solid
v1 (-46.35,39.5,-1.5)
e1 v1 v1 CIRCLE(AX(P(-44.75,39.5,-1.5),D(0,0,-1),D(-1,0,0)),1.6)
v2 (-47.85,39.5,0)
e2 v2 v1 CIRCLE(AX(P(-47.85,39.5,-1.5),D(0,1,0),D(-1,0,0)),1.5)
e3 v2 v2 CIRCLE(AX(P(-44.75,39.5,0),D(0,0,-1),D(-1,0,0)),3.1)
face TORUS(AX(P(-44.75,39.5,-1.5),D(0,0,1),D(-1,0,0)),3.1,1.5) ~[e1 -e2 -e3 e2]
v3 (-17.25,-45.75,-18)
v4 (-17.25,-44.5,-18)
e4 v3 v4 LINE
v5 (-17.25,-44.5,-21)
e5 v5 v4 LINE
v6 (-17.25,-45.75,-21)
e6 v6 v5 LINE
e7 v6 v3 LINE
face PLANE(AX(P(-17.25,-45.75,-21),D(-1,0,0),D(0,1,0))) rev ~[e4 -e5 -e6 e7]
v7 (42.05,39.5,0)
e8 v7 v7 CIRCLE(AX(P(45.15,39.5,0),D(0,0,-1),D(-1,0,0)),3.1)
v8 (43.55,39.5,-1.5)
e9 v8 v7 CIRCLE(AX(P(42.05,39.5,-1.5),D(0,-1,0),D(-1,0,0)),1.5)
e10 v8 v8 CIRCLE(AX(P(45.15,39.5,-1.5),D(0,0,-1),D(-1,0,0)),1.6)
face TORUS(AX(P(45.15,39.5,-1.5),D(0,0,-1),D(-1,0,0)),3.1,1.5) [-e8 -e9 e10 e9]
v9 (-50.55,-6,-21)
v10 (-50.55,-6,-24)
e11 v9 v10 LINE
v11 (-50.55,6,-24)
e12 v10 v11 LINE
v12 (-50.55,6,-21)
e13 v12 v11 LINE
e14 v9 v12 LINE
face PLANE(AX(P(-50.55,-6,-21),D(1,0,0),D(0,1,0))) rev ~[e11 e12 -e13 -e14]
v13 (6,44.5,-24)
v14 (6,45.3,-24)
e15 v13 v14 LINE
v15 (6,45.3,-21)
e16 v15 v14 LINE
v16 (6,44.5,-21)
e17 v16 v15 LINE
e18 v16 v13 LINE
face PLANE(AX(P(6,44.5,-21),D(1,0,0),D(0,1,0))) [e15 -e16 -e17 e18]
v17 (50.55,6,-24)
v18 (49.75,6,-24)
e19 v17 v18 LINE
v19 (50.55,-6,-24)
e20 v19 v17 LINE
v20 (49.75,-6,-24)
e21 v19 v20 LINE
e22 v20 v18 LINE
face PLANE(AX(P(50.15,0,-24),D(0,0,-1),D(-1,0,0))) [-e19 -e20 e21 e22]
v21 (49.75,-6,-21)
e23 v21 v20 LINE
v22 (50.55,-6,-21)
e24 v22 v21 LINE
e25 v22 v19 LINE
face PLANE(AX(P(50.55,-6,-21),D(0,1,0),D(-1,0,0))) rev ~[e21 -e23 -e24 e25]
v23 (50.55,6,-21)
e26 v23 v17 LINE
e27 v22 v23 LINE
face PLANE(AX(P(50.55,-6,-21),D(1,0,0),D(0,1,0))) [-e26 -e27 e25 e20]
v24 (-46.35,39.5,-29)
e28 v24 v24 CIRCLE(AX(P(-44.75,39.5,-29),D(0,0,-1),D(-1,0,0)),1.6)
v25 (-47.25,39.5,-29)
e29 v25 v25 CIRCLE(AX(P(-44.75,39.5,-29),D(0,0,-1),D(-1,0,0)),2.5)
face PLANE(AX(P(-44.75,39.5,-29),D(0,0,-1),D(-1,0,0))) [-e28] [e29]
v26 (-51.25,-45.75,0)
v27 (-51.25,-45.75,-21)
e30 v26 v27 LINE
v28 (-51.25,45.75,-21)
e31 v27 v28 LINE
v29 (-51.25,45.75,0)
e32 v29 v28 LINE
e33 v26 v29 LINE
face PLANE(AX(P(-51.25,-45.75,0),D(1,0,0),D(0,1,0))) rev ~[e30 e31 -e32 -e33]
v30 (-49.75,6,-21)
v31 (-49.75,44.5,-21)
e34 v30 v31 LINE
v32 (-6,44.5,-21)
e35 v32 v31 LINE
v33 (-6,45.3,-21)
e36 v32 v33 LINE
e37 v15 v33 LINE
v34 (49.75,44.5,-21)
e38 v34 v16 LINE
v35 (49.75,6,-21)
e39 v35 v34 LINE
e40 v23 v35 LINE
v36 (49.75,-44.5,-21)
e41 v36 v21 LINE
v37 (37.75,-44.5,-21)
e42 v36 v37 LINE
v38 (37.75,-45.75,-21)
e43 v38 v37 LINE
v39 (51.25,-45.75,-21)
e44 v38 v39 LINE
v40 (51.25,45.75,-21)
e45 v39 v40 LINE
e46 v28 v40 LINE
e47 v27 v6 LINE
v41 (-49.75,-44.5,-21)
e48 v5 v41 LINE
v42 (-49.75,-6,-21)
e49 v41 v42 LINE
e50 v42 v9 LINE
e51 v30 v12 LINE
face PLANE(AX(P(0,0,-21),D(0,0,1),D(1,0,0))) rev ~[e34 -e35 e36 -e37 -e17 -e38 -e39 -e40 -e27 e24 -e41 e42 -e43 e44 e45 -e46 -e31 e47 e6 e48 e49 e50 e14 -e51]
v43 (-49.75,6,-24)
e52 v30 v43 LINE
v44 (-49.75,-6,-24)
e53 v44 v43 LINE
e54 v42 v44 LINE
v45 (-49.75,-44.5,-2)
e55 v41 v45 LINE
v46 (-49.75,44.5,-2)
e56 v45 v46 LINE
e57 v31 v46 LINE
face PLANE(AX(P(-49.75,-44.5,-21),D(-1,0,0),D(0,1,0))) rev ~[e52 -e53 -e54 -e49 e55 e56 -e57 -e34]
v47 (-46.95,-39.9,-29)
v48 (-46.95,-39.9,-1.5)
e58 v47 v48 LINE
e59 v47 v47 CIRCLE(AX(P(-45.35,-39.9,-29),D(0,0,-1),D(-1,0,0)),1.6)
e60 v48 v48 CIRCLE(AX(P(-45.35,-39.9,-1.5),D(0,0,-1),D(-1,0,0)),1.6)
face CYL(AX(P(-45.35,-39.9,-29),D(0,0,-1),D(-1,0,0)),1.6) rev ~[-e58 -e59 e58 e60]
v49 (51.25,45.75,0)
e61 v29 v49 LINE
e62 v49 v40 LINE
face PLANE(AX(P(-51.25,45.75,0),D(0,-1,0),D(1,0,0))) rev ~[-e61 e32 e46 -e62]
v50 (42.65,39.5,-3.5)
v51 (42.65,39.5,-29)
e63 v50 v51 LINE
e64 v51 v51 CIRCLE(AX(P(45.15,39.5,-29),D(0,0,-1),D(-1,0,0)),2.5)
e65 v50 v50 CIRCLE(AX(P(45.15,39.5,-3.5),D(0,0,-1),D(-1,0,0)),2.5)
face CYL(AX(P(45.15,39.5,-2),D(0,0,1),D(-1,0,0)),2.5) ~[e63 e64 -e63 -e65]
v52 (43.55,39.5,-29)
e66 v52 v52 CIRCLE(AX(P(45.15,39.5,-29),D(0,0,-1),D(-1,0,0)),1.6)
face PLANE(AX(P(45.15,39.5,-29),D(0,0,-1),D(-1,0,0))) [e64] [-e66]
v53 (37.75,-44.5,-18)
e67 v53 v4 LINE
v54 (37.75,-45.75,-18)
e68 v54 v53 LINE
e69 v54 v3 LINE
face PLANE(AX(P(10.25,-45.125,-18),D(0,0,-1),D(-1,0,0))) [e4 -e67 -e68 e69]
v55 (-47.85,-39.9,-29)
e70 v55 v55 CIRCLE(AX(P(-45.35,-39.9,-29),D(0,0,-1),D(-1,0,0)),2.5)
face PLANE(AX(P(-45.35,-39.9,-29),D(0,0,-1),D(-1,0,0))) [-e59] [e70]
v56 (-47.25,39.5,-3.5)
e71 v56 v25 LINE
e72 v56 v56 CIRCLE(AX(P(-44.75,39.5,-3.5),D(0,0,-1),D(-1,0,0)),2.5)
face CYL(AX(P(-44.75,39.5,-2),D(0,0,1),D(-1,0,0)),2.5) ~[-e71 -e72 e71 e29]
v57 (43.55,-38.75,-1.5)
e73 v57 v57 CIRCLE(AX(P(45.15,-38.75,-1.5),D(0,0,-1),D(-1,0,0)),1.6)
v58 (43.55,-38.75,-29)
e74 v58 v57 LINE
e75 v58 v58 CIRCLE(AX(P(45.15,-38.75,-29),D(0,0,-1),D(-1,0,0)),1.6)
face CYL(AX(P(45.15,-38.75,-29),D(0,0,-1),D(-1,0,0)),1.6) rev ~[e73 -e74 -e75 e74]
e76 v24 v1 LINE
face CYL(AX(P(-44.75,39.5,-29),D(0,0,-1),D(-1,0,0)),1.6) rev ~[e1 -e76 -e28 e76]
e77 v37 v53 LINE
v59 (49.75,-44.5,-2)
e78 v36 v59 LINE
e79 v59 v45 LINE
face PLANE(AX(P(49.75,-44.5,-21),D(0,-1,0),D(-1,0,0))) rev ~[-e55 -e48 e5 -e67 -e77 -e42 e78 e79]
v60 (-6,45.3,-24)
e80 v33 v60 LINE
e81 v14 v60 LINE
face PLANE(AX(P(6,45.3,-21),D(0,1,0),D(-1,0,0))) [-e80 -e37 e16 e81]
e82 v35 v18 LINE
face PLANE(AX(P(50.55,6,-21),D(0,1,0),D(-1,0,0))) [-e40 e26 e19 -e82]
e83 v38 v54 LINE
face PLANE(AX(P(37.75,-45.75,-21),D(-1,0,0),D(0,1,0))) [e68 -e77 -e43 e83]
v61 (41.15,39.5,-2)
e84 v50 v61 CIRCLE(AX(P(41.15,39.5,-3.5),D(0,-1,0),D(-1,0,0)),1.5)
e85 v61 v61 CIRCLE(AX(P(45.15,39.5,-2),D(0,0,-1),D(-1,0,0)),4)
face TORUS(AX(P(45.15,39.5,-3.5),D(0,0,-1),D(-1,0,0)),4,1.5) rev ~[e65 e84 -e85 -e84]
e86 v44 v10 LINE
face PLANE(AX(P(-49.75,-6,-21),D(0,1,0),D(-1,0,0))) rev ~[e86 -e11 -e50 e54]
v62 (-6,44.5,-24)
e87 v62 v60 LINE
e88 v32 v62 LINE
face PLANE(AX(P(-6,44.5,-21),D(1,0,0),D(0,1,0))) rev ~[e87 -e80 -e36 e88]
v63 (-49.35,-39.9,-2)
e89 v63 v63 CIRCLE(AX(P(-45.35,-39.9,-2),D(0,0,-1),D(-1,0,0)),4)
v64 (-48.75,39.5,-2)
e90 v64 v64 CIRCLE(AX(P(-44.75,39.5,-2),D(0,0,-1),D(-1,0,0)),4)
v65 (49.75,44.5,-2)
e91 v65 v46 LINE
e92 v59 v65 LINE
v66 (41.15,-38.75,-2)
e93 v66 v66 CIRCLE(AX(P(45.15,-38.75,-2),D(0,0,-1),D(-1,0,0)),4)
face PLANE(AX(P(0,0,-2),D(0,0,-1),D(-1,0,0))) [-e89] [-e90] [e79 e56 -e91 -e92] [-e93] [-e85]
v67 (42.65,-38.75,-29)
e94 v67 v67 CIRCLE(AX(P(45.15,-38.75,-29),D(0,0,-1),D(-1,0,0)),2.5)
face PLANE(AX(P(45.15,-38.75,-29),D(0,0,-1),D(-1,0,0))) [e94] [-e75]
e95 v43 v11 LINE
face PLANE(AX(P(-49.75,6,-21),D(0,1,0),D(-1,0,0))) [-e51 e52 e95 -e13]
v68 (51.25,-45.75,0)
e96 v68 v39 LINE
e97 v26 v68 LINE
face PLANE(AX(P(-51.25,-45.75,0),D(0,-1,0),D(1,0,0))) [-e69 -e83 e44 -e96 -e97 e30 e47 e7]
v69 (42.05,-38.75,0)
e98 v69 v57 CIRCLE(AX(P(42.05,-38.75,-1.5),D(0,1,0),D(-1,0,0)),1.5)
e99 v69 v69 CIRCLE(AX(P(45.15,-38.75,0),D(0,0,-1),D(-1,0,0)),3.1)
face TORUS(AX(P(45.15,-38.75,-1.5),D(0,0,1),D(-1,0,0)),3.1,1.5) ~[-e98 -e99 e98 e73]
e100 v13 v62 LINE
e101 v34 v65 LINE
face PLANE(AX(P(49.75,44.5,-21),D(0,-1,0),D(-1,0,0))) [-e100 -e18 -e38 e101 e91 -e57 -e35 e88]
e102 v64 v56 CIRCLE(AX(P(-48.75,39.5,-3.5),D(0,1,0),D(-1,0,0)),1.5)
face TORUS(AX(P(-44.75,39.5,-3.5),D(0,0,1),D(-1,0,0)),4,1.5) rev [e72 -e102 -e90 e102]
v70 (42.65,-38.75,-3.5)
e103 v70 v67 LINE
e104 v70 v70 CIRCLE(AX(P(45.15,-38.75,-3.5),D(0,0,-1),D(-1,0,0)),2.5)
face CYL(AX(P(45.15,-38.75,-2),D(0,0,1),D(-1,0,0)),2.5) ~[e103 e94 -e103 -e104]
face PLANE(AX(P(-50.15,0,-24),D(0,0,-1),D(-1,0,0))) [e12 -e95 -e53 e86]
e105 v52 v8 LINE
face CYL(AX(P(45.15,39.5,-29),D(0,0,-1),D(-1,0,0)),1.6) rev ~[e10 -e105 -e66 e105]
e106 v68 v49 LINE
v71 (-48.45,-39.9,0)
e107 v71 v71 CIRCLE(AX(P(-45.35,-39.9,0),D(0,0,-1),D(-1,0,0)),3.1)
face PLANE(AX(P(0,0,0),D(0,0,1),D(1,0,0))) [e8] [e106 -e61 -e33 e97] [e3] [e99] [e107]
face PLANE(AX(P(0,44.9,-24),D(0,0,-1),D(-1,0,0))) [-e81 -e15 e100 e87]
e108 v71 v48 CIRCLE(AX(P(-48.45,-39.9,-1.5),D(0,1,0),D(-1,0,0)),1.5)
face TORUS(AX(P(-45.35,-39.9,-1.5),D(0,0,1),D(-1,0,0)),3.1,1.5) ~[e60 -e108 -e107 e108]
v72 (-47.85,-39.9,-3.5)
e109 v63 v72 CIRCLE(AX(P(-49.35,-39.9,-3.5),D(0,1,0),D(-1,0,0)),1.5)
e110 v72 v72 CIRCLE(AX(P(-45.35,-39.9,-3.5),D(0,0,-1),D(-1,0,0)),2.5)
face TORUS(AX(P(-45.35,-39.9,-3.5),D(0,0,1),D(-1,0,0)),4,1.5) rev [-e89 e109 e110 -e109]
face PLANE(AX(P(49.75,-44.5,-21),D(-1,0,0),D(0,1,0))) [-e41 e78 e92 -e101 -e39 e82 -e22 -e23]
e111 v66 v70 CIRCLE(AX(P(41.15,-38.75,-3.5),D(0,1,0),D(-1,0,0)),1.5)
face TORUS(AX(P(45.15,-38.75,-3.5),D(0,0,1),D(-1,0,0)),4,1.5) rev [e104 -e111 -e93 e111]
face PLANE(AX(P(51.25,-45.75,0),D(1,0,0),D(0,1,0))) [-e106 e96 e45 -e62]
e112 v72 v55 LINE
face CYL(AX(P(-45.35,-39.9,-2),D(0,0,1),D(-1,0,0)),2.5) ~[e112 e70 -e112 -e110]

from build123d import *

# Parameters (mm, degrees)
SKETCH_1_W          = 102.5
SKETCH_1_H          = 91.5
EXTRUDE_1_DEPTH     = 21
SKETCH_2_W          = 99.5
SKETCH_2_H          = 89
CUT_EXTRUDE_1_DEPTH = 19
SKETCH_3_W          = 55
SKETCH_3_H          = 1.25
CUT_EXTRUDE_2_DEPTH = 3
SKETCH_8_R          = 1.6
EXTRUDE_2_DEPTH     = 0.1
SKETCH_9_R          = 2.5
EXTRUDE_3_DEPTH     = 27
SKETCH_12_R         = 1.6
CUT_EXTRUDE_4_DEPTH = 29
FILLET_6_R          = 1.5
SKETCH_10_W         = 0.8
SKETCH_10_H         = 12
SKETCH_10_W_2       = 12
SKETCH_10_H_2       = 0.8
EXTRUDE_4_DEPTH     = 3
FILLET_7_R          = 1.5


with BuildPart() as part:
    # Эскиз1 → Бобышка-Вытянуть1 (new body)
    with BuildSketch(Plane.XY):
        Rectangle(SKETCH_1_W, SKETCH_1_H)
    extrude(amount=-EXTRUDE_1_DEPTH)

    # Эскиз2 → Вырез-Вытянуть1 (cut)
    with BuildSketch(Plane(origin=(0, 0, -21), x_dir=(-1, 0, 0), z_dir=(0, 0, -1))):
        Rectangle(SKETCH_2_W, SKETCH_2_H)
    extrude(amount=-CUT_EXTRUDE_1_DEPTH, mode=Mode.SUBTRACT)

    # Эскиз3 → Вырез-Вытянуть2 (cut)
    with BuildSketch(Plane(origin=(0, 0, -21), x_dir=(-1, 0, 0), z_dir=(0, 0, -1))):
        with Locations((-10.25, -45.125)):
            Rectangle(SKETCH_3_W, SKETCH_3_H)
    extrude(amount=-CUT_EXTRUDE_2_DEPTH, mode=Mode.SUBTRACT)

    # Эскиз8 → Бобышка-Вытянуть2 (add)
    with BuildSketch(Plane(origin=(0, 0, -2), x_dir=(-1, 0, 0), z_dir=(0, 0, -1))):
        with Locations((-45.15, 39.5)):
            Circle(SKETCH_8_R)
        with Locations((44.75, 39.5)):
            Circle(SKETCH_8_R)
        with Locations((-45.15, -38.75)):
            Circle(SKETCH_8_R)
        with Locations((45.35, -39.9)):
            Circle(SKETCH_8_R)
    extrude(amount=EXTRUDE_2_DEPTH)

    # Эскиз9 → Бобышка-Вытянуть3 (add)
    with BuildSketch(Plane(origin=(0, 0, -2), x_dir=(-1, 0, 0), z_dir=(0, 0, -1))):
        with Locations((-45.15, 39.5)):
            Circle(SKETCH_9_R)
        with Locations((44.75, 39.5)):
            Circle(SKETCH_9_R)
        with Locations((-45.15, -38.75)):
            Circle(SKETCH_9_R)
        with Locations((45.35, -39.9)):
            Circle(SKETCH_9_R)
    extrude(amount=EXTRUDE_3_DEPTH)

    # Эскиз12 → Вырез-Вытянуть4 (cut)
    with BuildSketch(Plane(origin=(0, 0, -29), x_dir=(-1, 0, 0), z_dir=(0, 0, -1))):
        with Locations((-45.15, 39.5)):
            Circle(SKETCH_12_R)
        with Locations((44.75, 39.5)):
            Circle(SKETCH_12_R)
        with Locations((-45.15, -38.75)):
            Circle(SKETCH_12_R)
        with Locations((45.35, -39.9)):
            Circle(SKETCH_12_R)
    extrude(amount=-CUT_EXTRUDE_4_DEPTH, mode=Mode.SUBTRACT)

    # Скругление6
    fillet_6_edges = [part.edges().sort_by_distance(p)[0] for p in [
        (47.65, 39.5, -2),
        (-42.25, 39.5, -2),
        (47.65, -38.75, -2),
        (-42.85, -39.9, -2),
    ]]
    fillet(fillet_6_edges, radius=FILLET_6_R)

    # Эскиз10 → Бобышка-Вытянуть4 (add)
    with BuildSketch(Plane(origin=(0, 0, -21), x_dir=(-1, 0, 0), z_dir=(0, 0, -1))):
        with Locations((-50.15, 0)):
            Rectangle(SKETCH_10_W, SKETCH_10_H)
        with Locations((0, 44.9)):
            Rectangle(SKETCH_10_W_2, SKETCH_10_H_2)
        with Locations((50.15, 0)):
            Rectangle(SKETCH_10_W, SKETCH_10_H)
    extrude(amount=EXTRUDE_4_DEPTH)

    # Скругление7
    fillet_7_edges = [part.edges().sort_by_distance(p)[0] for p in [
        (-43.15, 39.5, 0),
        (46.75, -38.75, 0),
        (-43.75, -39.9, 0),
        (46.75, 39.5, 0),
    ]]
    fillet(fillet_7_edges, radius=FILLET_7_R)


solid = part.part
